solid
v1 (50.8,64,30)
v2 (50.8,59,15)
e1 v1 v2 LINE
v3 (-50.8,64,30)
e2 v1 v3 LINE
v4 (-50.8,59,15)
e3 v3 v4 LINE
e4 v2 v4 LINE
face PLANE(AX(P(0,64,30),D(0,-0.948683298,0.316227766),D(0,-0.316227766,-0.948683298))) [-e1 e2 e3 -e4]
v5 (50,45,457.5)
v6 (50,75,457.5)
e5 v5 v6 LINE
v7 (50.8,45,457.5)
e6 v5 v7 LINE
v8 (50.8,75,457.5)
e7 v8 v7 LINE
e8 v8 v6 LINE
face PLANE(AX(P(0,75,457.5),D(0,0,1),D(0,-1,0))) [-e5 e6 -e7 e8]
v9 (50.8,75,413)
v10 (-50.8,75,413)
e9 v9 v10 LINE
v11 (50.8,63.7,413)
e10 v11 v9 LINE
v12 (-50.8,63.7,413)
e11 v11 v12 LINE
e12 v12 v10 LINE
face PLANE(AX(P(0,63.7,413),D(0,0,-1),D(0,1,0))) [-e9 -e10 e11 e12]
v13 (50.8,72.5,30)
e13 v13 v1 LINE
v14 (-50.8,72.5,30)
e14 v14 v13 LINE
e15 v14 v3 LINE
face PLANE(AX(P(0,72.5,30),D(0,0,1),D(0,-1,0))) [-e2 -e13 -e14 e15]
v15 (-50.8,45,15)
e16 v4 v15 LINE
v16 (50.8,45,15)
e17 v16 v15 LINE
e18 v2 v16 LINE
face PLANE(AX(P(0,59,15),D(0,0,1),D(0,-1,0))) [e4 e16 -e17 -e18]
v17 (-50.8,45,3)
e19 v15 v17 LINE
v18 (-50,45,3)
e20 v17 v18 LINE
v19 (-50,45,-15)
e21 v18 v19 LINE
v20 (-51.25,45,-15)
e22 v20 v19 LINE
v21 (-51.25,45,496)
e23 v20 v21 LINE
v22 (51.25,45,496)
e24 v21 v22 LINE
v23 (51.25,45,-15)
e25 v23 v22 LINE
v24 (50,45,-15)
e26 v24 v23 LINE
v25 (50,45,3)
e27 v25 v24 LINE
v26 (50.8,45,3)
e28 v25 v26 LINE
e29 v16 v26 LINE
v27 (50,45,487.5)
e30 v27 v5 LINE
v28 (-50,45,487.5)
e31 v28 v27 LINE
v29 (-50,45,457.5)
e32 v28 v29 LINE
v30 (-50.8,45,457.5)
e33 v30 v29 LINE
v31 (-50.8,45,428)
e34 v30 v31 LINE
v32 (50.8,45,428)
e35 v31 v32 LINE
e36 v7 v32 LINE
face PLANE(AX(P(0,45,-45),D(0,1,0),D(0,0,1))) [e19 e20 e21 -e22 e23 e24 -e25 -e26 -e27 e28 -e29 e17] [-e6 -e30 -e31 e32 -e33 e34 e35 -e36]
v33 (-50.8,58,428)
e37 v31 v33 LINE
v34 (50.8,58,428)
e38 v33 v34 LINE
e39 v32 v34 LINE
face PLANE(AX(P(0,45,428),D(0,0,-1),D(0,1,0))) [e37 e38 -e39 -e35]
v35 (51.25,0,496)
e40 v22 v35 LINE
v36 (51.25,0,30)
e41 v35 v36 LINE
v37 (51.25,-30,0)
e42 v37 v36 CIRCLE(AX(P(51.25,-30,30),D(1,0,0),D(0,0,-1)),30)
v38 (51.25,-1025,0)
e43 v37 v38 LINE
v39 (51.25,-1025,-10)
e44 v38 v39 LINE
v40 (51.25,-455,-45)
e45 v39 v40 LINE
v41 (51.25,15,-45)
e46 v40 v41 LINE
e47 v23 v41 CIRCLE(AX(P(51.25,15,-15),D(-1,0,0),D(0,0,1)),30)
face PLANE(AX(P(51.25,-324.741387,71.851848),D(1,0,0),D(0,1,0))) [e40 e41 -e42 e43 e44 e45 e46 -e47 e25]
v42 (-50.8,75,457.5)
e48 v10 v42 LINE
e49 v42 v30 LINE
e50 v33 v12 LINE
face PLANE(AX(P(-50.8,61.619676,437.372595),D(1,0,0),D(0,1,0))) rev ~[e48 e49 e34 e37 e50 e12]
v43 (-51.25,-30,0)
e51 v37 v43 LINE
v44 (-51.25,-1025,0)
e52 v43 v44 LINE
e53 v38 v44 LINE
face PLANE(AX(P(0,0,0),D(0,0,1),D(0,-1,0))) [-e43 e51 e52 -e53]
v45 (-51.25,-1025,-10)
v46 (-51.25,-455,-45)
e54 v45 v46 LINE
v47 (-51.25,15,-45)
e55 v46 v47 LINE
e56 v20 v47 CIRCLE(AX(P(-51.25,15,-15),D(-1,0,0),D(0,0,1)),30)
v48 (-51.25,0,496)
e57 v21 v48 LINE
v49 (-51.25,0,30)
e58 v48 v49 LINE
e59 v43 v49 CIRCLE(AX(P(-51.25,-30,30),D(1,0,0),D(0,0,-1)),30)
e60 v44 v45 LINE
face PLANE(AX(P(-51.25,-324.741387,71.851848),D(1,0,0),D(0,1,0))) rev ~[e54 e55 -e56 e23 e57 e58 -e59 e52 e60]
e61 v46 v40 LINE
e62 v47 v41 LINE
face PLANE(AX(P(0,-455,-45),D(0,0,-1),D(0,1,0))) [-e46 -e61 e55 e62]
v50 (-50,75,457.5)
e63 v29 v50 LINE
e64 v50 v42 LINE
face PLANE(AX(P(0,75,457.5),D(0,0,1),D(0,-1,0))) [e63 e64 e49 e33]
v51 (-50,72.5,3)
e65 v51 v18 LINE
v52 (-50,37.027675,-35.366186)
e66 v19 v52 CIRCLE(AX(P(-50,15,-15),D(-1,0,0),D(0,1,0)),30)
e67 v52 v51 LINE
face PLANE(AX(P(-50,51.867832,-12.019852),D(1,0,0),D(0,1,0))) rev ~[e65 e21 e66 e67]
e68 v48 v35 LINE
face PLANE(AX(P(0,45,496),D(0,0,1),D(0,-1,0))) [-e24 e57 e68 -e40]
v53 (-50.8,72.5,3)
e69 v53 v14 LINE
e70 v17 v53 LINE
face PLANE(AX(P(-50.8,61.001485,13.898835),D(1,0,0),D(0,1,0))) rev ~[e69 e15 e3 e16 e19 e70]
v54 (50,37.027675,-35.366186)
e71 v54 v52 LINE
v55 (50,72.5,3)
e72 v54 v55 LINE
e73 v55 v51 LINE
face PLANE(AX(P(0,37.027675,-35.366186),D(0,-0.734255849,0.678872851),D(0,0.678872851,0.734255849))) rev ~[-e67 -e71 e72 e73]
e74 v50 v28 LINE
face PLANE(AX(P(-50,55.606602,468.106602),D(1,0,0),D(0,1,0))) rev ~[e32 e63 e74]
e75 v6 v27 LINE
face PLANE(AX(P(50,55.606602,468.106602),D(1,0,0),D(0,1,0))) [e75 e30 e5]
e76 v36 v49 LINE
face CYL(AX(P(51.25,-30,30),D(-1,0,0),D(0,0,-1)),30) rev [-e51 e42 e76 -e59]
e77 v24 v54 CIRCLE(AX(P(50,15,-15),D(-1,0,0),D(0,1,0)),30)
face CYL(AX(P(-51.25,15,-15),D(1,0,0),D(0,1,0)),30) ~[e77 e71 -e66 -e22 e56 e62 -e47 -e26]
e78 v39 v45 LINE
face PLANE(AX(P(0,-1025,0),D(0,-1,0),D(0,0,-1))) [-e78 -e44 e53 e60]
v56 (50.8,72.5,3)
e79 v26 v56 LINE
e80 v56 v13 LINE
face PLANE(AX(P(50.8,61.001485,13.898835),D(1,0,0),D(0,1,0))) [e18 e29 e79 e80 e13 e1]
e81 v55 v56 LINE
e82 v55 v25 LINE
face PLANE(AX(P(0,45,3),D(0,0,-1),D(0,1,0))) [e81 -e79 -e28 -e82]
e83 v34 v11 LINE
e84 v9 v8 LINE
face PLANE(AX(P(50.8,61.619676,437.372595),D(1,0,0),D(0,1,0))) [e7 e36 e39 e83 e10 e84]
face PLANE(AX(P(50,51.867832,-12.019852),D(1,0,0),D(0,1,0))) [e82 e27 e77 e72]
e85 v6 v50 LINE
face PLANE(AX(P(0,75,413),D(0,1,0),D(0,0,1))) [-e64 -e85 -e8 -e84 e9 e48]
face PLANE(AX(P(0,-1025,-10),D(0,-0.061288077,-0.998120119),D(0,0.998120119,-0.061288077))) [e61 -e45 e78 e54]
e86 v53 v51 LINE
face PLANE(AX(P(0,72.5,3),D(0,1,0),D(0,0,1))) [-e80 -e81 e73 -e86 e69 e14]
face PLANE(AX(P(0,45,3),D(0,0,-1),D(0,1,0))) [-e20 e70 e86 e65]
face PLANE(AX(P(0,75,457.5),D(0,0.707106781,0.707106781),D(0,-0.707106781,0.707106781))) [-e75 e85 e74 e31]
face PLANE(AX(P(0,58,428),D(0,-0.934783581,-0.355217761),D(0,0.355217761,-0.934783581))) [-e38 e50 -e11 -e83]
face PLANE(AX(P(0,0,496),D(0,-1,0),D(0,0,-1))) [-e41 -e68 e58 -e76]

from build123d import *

# Parameters (mm, degrees)
F1_DEPTH = 51.25
F2_R     = 30
F9_DEPTH = 50.8
F5_DEPTH = 50.8
F7_DEPTH = 50


with BuildPart() as f1:
    # F0 (on Right) → F1 (new body, symmetric)
    with BuildSketch(Plane.YZ):
        Polygon((-1025, -10), (-455, -45), (45, -45), (45, 496), (0, 496), (0, 0), (-1025, 0), align=None)
    extrude(amount=F1_DEPTH, both=True)

    # F2
    f2_edges = [f1.edges().sort_by_distance(p)[0] for p in [
        (0, 0, 0),
        (0, 45, -45),
    ]]
    fillet(f2_edges, radius=F2_R)

    # F3 (on Right) → F9 (join, symmetric)
    with BuildSketch(Plane.YZ):
        Polygon((45, 15), (45, 3), (72.5, 3), (72.5, 30), (64, 30), (59, 15), align=None)
    extrude(amount=F9_DEPTH, both=True)

    # F4 (on Right) → F5 (join, symmetric)
    with BuildSketch(Plane.YZ):
        Polygon((75, 457.5), (45, 457.5), (45, 428), (58, 428), (63.7, 413), (75, 413), align=None)
    extrude(amount=F5_DEPTH, both=True)

    # F6 (on Right) → F7 (join, symmetric)
    with BuildSketch(Plane.YZ):
        with BuildLine():
            Line((72.5, 3), (45, 3))
            Line((45, 3), (45, -15))
            ThreePointArc((45, -15), (42.9359111554, -25.9354866338), (37.0276754722, -35.3661855361))
            Line((37.0276754722, -35.3661855361), (72.5, 3))
        make_face()
        Polygon((75, 457.5), (45, 487.5), (45, 457.5), align=None)
    extrude(amount=F7_DEPTH, both=True)


solid = f1.part
